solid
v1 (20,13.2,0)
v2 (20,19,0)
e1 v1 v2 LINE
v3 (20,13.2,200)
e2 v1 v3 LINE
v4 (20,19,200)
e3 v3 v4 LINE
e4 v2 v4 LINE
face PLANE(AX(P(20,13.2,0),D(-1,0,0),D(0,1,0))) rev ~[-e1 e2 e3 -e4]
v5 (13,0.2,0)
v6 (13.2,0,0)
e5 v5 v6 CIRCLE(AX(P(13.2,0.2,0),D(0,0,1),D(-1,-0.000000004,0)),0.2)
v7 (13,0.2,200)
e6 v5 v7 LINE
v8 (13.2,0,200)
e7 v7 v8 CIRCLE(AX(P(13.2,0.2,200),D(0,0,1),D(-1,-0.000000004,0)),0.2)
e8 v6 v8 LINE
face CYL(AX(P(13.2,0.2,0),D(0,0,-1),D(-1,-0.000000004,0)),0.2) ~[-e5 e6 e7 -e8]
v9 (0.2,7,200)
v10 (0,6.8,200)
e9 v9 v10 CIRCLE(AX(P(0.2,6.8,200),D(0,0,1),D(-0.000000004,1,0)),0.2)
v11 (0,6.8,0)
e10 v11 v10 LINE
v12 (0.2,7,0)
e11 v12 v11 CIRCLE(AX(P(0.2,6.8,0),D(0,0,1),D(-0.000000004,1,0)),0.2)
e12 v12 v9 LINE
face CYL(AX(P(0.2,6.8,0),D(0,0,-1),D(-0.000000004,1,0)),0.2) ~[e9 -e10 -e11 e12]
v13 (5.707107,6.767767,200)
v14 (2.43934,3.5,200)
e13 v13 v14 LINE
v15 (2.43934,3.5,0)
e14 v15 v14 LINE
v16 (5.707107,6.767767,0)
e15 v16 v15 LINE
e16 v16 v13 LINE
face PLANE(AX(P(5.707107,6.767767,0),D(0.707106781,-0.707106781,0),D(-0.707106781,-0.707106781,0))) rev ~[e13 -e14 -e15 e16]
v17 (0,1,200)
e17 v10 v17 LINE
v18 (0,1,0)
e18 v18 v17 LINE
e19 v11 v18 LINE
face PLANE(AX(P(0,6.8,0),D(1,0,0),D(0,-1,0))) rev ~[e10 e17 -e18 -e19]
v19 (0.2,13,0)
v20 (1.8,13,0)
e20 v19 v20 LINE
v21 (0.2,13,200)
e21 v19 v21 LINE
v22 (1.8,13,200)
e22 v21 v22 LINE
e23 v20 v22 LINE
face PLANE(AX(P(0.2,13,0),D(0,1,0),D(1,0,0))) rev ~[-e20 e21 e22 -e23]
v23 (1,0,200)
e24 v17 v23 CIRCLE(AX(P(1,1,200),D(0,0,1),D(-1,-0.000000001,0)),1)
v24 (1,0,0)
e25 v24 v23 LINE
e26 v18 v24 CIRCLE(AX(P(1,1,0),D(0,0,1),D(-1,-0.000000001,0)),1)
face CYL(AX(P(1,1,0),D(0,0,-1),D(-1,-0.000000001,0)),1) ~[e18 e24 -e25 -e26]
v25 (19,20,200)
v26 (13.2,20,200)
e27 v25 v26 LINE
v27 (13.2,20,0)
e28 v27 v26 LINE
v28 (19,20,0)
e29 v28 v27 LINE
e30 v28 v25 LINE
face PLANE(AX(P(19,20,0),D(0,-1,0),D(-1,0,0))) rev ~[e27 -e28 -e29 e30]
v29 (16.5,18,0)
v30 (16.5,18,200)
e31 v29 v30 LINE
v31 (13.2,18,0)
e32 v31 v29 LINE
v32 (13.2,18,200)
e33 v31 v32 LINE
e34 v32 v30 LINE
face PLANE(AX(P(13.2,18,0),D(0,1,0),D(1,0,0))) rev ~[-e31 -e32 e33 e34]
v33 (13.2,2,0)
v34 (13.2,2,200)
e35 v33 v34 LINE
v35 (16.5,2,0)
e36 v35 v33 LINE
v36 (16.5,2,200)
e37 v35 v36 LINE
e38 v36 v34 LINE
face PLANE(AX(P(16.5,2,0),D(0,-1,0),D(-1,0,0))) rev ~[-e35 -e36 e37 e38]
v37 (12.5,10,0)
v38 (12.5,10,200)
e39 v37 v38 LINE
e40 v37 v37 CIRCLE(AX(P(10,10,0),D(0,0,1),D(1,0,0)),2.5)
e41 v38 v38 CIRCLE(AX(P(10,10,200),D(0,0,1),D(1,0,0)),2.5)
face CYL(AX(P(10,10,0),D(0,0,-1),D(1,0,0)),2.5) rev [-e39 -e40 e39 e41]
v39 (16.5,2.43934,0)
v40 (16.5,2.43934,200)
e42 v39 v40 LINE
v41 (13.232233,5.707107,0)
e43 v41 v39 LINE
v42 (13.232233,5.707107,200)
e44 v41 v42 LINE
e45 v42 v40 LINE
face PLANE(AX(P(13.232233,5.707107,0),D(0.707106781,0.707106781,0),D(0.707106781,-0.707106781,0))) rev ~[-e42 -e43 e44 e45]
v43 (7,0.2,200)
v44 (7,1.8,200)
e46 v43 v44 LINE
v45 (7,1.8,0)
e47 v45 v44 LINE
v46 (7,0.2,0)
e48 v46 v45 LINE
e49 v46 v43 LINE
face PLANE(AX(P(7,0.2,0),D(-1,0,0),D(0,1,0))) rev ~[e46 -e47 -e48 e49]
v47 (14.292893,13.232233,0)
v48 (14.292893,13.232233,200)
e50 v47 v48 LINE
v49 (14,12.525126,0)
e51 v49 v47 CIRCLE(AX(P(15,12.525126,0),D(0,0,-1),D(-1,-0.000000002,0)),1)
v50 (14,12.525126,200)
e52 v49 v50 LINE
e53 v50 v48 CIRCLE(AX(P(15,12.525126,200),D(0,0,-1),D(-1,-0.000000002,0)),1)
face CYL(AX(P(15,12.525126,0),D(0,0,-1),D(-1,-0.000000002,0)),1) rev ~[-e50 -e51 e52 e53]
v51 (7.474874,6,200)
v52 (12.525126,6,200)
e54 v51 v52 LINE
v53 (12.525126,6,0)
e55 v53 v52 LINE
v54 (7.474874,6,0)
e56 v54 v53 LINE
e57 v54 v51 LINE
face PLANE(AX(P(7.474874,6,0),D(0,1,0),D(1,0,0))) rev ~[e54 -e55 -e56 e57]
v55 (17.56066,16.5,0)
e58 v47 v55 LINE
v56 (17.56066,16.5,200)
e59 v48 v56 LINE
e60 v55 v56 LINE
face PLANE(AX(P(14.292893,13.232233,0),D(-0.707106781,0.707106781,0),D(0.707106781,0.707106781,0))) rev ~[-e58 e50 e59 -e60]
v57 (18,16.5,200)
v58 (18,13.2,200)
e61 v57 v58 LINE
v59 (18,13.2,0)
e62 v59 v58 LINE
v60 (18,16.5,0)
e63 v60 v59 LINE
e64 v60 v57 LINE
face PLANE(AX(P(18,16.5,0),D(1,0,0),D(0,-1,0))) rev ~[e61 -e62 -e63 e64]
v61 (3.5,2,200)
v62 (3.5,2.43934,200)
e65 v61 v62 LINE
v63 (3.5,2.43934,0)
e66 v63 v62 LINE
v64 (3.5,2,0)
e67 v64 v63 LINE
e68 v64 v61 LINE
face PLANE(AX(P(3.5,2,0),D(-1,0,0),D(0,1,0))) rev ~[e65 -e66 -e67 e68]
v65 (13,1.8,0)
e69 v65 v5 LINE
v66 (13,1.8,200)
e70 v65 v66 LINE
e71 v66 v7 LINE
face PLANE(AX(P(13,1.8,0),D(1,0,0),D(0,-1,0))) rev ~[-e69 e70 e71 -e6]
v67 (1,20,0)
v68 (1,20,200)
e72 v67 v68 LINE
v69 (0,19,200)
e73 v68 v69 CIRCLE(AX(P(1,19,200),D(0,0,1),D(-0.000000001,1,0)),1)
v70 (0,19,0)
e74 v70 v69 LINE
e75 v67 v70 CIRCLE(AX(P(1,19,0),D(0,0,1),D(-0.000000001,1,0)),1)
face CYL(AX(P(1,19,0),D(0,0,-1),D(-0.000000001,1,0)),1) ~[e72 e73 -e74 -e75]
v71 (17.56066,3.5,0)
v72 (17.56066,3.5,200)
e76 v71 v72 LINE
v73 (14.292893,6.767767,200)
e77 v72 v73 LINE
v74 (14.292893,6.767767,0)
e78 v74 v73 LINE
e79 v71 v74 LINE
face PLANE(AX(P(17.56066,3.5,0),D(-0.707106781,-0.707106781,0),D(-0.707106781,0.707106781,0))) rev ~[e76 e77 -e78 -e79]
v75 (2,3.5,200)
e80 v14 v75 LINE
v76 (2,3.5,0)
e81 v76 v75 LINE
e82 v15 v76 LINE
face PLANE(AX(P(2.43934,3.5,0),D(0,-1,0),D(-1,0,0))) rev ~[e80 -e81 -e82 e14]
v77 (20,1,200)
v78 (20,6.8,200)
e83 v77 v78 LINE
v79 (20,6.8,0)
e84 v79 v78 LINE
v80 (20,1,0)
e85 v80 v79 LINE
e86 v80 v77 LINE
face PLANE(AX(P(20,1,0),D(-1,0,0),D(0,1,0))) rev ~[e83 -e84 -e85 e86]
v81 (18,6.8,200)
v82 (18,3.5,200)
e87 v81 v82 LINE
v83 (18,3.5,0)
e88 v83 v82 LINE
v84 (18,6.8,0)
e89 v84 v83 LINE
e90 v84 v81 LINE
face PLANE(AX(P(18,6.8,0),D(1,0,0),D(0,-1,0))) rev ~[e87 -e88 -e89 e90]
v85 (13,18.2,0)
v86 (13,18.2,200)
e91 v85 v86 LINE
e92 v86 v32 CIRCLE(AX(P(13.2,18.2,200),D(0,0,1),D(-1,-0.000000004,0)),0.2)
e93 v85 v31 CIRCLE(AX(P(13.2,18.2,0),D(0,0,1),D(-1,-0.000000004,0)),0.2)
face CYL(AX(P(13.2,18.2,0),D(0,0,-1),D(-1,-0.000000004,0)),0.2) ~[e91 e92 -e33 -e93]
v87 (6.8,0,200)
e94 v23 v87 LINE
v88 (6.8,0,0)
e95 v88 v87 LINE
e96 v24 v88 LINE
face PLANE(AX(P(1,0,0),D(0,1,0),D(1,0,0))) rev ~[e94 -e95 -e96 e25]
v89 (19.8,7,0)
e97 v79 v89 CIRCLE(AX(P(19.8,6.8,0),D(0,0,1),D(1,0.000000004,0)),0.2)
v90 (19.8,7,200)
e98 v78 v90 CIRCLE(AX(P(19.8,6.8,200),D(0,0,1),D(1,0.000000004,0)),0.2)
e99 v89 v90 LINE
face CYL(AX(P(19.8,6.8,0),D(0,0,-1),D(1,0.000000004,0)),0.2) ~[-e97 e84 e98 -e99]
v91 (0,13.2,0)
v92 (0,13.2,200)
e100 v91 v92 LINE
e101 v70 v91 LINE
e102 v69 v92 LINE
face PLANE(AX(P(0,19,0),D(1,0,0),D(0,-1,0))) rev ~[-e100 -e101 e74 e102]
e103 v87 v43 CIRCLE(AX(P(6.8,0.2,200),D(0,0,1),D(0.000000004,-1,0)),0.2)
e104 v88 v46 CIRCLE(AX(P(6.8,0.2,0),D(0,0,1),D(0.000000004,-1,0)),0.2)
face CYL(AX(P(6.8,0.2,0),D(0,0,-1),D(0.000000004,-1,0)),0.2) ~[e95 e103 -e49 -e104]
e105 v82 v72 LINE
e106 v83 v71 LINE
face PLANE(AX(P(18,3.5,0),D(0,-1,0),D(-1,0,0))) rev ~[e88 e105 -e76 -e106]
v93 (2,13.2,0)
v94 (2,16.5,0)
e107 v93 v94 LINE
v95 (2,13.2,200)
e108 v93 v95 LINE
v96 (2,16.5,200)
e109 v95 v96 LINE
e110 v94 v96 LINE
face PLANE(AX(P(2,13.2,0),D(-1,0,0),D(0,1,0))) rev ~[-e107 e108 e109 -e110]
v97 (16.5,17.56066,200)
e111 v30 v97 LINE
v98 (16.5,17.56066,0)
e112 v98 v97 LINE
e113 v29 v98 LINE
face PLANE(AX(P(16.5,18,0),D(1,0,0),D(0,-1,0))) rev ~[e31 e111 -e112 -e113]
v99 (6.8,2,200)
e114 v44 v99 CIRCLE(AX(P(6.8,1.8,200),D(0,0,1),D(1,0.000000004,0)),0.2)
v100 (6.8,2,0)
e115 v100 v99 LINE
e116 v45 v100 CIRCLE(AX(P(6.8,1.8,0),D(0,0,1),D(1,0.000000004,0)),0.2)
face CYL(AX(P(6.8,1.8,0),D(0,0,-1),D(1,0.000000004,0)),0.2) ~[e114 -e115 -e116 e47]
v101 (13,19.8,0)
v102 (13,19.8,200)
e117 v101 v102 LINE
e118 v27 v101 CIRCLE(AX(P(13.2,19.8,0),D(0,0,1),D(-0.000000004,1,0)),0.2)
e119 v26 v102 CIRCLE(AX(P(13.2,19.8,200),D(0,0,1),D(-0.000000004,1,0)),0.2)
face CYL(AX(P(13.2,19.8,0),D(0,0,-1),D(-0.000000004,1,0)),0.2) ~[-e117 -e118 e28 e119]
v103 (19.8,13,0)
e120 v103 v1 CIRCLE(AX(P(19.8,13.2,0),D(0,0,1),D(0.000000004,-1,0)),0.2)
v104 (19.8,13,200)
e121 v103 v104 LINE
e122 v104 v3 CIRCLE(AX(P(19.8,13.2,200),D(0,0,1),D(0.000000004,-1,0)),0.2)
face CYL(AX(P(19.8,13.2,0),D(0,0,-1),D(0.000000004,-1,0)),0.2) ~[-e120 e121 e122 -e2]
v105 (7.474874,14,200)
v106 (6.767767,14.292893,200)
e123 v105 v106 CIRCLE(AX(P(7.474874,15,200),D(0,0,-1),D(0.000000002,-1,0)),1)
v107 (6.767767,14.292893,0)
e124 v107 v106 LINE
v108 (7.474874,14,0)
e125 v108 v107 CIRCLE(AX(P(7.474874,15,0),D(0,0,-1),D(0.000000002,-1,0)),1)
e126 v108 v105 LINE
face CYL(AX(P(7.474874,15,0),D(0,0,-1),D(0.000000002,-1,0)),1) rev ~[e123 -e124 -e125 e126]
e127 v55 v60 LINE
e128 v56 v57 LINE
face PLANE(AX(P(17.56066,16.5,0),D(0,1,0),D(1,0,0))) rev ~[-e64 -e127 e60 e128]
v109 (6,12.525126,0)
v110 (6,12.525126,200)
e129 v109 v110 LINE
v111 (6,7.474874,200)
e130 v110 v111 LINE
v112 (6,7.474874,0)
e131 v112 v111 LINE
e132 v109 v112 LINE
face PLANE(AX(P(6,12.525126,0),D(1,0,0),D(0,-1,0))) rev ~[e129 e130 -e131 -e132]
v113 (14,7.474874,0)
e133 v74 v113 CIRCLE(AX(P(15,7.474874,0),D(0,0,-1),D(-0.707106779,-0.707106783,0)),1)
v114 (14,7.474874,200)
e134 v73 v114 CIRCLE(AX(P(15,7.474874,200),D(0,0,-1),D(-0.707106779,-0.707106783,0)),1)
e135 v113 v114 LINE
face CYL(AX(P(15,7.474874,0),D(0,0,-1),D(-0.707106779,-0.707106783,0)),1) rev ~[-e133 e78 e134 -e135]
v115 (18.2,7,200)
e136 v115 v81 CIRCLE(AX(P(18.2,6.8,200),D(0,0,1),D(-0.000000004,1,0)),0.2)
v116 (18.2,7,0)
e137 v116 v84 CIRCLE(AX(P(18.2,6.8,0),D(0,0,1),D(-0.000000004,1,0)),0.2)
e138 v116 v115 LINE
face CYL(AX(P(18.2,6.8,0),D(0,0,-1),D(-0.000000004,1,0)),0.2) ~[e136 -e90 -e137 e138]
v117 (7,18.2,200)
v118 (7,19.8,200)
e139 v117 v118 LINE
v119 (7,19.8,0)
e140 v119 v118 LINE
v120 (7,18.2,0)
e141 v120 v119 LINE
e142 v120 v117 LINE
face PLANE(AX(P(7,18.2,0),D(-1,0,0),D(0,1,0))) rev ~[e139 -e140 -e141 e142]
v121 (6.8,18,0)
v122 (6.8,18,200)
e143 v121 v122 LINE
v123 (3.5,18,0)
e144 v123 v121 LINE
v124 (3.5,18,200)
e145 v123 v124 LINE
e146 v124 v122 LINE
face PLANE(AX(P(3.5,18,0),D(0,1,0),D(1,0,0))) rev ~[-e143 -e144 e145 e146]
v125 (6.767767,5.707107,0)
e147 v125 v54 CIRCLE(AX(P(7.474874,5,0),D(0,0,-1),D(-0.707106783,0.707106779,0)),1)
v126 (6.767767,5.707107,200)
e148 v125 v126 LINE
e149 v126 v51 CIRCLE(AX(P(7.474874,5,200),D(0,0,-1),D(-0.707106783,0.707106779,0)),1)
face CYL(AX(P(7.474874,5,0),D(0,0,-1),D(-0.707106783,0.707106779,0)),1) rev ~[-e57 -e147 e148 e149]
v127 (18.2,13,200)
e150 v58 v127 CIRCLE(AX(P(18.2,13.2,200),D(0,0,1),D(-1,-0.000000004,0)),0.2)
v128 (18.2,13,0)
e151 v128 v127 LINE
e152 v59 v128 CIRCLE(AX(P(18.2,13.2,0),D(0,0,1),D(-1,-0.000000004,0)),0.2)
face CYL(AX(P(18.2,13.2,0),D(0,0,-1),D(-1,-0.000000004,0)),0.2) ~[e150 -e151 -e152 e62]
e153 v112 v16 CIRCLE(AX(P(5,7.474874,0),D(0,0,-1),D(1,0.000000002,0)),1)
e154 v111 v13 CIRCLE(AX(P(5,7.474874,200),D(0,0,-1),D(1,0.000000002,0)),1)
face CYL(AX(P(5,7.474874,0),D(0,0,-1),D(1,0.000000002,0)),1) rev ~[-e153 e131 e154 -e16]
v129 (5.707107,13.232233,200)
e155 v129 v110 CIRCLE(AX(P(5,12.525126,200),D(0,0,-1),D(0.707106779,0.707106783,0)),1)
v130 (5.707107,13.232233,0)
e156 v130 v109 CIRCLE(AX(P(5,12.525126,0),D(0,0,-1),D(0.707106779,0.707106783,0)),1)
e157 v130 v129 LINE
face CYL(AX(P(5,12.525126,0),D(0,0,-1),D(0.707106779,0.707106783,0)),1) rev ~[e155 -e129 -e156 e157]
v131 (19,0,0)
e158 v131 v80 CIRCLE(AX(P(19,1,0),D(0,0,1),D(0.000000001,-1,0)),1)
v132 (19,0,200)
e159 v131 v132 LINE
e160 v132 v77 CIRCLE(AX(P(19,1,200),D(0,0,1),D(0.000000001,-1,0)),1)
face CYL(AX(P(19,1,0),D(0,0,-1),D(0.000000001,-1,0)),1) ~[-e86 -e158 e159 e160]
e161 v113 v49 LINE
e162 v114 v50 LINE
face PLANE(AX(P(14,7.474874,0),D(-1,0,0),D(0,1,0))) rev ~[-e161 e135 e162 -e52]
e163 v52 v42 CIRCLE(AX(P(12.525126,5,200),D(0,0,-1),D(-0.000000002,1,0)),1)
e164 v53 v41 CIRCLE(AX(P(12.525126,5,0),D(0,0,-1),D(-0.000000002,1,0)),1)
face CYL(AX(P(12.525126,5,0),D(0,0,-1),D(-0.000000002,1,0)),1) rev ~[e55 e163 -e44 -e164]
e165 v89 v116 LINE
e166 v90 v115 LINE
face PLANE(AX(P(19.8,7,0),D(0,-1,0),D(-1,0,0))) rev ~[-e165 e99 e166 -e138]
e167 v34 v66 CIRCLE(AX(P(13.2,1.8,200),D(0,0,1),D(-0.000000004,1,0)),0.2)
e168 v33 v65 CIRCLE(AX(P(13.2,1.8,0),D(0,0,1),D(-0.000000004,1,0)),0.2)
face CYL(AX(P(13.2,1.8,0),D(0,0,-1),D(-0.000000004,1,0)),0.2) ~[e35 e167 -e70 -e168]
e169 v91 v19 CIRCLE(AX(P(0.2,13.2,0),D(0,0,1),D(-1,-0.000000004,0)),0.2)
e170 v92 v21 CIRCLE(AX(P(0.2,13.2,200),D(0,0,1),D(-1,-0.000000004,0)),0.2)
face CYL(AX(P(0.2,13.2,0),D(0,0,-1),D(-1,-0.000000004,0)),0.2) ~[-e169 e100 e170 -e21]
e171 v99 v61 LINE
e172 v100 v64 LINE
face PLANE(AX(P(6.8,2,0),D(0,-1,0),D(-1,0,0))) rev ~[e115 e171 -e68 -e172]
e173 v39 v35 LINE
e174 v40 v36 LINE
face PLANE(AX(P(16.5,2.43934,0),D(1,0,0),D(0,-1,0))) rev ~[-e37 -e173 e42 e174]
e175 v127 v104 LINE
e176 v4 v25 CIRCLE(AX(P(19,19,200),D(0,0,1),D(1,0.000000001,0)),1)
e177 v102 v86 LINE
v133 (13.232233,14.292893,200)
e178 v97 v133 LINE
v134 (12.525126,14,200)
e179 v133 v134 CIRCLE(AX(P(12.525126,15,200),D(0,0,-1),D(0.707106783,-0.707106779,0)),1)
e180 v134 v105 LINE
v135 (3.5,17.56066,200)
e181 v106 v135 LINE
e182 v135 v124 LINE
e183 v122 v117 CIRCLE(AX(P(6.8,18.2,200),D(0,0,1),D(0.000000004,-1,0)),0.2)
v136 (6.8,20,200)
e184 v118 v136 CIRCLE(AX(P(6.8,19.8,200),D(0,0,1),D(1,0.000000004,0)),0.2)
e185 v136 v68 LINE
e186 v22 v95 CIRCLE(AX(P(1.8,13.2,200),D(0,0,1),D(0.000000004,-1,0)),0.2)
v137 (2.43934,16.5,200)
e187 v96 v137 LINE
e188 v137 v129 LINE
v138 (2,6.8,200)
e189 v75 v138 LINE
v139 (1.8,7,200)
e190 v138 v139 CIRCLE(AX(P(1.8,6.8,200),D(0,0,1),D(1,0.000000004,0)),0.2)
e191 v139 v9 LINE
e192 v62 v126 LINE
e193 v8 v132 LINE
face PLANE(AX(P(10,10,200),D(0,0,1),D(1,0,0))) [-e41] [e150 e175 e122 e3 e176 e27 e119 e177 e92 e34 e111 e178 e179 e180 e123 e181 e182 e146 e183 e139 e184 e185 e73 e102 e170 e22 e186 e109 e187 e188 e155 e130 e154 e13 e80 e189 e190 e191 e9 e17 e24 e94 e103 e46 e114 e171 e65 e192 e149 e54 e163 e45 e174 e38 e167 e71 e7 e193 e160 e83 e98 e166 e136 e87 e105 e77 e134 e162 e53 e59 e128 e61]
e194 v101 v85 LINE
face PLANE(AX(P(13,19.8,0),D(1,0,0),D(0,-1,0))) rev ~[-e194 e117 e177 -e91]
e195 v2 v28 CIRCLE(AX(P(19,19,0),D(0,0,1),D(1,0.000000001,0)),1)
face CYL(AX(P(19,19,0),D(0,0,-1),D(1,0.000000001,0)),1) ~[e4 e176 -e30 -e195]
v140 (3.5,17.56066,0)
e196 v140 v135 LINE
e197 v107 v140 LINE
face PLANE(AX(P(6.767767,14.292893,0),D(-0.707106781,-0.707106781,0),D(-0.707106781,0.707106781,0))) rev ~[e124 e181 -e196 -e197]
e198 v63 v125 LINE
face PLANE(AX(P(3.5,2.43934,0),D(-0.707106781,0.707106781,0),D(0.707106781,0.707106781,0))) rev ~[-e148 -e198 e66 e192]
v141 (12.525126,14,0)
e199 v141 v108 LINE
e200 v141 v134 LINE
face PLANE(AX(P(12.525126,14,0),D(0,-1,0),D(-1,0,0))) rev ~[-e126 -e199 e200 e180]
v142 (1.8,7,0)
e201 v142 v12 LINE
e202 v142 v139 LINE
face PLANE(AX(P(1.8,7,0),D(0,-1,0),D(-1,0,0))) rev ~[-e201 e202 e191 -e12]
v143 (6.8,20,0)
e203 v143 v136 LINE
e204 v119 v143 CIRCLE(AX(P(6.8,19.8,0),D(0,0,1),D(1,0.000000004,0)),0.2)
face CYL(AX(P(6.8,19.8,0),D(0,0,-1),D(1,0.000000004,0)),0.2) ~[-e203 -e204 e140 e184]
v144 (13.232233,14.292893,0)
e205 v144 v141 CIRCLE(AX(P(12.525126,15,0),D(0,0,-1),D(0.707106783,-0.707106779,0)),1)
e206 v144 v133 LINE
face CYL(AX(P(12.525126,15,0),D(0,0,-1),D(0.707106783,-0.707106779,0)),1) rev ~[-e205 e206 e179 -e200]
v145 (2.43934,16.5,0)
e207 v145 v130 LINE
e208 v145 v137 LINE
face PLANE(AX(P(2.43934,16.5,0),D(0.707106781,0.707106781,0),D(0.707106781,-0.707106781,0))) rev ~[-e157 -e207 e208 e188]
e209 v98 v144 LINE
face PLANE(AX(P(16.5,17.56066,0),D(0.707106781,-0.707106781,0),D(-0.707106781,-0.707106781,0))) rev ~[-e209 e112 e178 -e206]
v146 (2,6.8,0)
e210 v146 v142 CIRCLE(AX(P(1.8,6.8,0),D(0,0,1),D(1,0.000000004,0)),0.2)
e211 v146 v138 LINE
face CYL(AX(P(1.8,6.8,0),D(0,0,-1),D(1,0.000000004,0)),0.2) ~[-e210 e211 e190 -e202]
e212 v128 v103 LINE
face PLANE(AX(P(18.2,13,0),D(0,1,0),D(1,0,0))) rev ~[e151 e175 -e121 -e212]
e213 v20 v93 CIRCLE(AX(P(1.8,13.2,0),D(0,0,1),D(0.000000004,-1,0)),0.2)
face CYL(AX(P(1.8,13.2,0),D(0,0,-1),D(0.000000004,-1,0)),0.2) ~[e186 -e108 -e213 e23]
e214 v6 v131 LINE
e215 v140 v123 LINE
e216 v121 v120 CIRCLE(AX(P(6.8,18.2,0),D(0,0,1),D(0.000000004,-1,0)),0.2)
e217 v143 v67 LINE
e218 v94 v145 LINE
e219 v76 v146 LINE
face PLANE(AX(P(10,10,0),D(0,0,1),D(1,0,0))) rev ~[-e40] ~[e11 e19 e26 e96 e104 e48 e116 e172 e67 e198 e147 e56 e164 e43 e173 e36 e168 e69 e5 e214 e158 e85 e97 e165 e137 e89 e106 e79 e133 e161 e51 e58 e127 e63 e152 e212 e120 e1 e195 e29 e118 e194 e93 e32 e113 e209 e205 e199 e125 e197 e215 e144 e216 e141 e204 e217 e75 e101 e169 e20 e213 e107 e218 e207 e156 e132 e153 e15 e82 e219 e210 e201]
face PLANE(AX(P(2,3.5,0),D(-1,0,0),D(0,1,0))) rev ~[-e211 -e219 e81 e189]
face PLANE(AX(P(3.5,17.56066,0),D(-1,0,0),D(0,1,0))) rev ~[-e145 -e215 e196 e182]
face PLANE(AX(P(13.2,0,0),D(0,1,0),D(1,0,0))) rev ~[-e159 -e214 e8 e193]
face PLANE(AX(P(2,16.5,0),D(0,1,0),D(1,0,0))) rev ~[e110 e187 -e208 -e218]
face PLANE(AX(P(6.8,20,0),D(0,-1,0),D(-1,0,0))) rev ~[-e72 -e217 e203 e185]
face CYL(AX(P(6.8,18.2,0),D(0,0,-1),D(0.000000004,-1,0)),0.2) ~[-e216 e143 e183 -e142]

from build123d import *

# Parameters (mm, degrees)
SKETCH1_R           = 2.5
BOSS_EXTRUDE1_DEPTH = 200


with BuildPart() as part:
    # Sketch1 → Boss-Extrude1 (new body)
    with BuildSketch(Plane.XY):
        with BuildLine():
            Line((0.2, 13), (1.8, 13))
            ThreePointArc((1.8, 13), (1.941421356, 13.058578644), (2, 13.2))
            Line((2, 13.2), (2, 16.5))
            Line((2, 16.5), (2.439339828, 16.5))
            Line((2.439339828, 16.5), (5.707106781, 13.232233047))
            ThreePointArc((5.707106781, 13.232233047), (5.923879533, 12.907809698), (6, 12.525126266))
            Line((6, 12.525126266), (6, 7.474873734))
            ThreePointArc((6, 7.474873734), (5.923879533, 7.092190302), (5.707106781, 6.767766953))
            Line((5.707106781, 6.767766953), (2.439339828, 3.5))
            Line((2.439339828, 3.5), (2, 3.5))
            Line((2, 3.5), (2, 6.8))
            ThreePointArc((2, 6.8), (1.941421356, 6.941421356), (1.8, 7))
            Line((1.8, 7), (0.2, 7))
            ThreePointArc((0.2, 7), (0.058578644, 6.941421356), (0, 6.8))
            Line((0, 6.8), (0, 1))
            ThreePointArc((0, 1), (0.292893219, 0.292893219), (1, 0))
            Line((1, 0), (6.8, 0))
            ThreePointArc((6.8, 0), (6.941421356, 0.058578644), (7, 0.2))
            Line((7, 0.2), (7, 1.8))
            ThreePointArc((7, 1.8), (6.941421356, 1.941421356), (6.8, 2))
            Line((6.8, 2), (3.5, 2))
            Line((3.5, 2), (3.5, 2.439339828))
            Line((3.5, 2.439339828), (6.767766953, 5.707106781))
            ThreePointArc((6.767766953, 5.707106781), (7.092190302, 5.923879533), (7.474873734, 6))
            Line((7.474873734, 6), (10, 6))
            Line((10, 6), (12.525126266, 6))
            ThreePointArc((12.525126266, 6), (12.907809698, 5.923879533), (13.232233047, 5.707106781))
            Line((13.232233047, 5.707106781), (16.5, 2.439339828))
            Line((16.5, 2.439339828), (16.5, 2))
            Line((16.5, 2), (13.2, 2))
            ThreePointArc((13.2, 2), (13.058578644, 1.941421356), (13, 1.8))
            Line((13, 1.8), (13, 0.2))
            ThreePointArc((13, 0.2), (13.058578644, 0.058578644), (13.2, 0))
            Line((13.2, 0), (19, 0))
            ThreePointArc((19, 0), (19.707106781, 0.292893219), (20, 1))
            Line((20, 1), (20, 6.8))
            ThreePointArc((20, 6.8), (19.941421356, 6.941421356), (19.8, 7))
            Line((19.8, 7), (18.2, 7))
            ThreePointArc((18.2, 7), (18.058578644, 6.941421356), (18, 6.8))
            Line((18, 6.8), (18, 3.5))
            Line((18, 3.5), (17.560660172, 3.5))
            Line((17.560660172, 3.5), (14.292893219, 6.767766953))
            ThreePointArc((14.292893219, 6.767766953), (14.076120467, 7.092190302), (14, 7.474873734))
            Line((14, 7.474873734), (14, 12.525126266))
            ThreePointArc((14, 12.525126266), (14.076120467, 12.907809698), (14.292893219, 13.232233047))
            Line((14.292893219, 13.232233047), (17.560660172, 16.5))
            Line((17.560660172, 16.5), (18, 16.5))
            Line((18, 16.5), (18, 13.2))
            ThreePointArc((18, 13.2), (18.058578644, 13.058578644), (18.2, 13))
            Line((18.2, 13), (19.8, 13))
            ThreePointArc((19.8, 13), (19.941421356, 13.058578644), (20, 13.2))
            Line((20, 13.2), (20, 19))
            ThreePointArc((20, 19), (19.707106781, 19.707106781), (19, 20))
            Line((19, 20), (13.2, 20))
            ThreePointArc((13.2, 20), (13.058578644, 19.941421356), (13, 19.8))
            Line((13, 19.8), (13, 18.2))
            ThreePointArc((13, 18.2), (13.058578644, 18.058578644), (13.2, 18))
            Line((13.2, 18), (16.5, 18))
            Line((16.5, 18), (16.5, 17.560660172))
            Line((16.5, 17.560660172), (13.232233047, 14.292893219))
            ThreePointArc((13.232233047, 14.292893219), (12.907809698, 14.076120467), (12.525126266, 14))
            Line((12.525126266, 14), (10, 14))
            Line((10, 14), (7.474873734, 14))
            ThreePointArc((7.474873734, 14), (7.092190302, 14.076120467), (6.767766953, 14.292893219))
            Line((6.767766953, 14.292893219), (3.5, 17.560660172))
            Line((3.5, 17.560660172), (3.5, 18))
            Line((3.5, 18), (6.8, 18))
            ThreePointArc((6.8, 18), (6.941421356, 18.058578644), (7, 18.2))
            Line((7, 18.2), (7, 19.8))
            ThreePointArc((7, 19.8), (6.941421356, 19.941421356), (6.8, 20))
            Line((6.8, 20), (1, 20))
            ThreePointArc((1, 20), (0.292893219, 19.707106781), (0, 19))
            Line((0, 19), (0, 13.2))
            ThreePointArc((0, 13.2), (0.058578644, 13.058578644), (0.2, 13))
        make_face()
        with Locations((10, 10)):
            Circle(SKETCH1_R, mode=Mode.SUBTRACT)
    extrude(amount=BOSS_EXTRUDE1_DEPTH)


solid = part.part
